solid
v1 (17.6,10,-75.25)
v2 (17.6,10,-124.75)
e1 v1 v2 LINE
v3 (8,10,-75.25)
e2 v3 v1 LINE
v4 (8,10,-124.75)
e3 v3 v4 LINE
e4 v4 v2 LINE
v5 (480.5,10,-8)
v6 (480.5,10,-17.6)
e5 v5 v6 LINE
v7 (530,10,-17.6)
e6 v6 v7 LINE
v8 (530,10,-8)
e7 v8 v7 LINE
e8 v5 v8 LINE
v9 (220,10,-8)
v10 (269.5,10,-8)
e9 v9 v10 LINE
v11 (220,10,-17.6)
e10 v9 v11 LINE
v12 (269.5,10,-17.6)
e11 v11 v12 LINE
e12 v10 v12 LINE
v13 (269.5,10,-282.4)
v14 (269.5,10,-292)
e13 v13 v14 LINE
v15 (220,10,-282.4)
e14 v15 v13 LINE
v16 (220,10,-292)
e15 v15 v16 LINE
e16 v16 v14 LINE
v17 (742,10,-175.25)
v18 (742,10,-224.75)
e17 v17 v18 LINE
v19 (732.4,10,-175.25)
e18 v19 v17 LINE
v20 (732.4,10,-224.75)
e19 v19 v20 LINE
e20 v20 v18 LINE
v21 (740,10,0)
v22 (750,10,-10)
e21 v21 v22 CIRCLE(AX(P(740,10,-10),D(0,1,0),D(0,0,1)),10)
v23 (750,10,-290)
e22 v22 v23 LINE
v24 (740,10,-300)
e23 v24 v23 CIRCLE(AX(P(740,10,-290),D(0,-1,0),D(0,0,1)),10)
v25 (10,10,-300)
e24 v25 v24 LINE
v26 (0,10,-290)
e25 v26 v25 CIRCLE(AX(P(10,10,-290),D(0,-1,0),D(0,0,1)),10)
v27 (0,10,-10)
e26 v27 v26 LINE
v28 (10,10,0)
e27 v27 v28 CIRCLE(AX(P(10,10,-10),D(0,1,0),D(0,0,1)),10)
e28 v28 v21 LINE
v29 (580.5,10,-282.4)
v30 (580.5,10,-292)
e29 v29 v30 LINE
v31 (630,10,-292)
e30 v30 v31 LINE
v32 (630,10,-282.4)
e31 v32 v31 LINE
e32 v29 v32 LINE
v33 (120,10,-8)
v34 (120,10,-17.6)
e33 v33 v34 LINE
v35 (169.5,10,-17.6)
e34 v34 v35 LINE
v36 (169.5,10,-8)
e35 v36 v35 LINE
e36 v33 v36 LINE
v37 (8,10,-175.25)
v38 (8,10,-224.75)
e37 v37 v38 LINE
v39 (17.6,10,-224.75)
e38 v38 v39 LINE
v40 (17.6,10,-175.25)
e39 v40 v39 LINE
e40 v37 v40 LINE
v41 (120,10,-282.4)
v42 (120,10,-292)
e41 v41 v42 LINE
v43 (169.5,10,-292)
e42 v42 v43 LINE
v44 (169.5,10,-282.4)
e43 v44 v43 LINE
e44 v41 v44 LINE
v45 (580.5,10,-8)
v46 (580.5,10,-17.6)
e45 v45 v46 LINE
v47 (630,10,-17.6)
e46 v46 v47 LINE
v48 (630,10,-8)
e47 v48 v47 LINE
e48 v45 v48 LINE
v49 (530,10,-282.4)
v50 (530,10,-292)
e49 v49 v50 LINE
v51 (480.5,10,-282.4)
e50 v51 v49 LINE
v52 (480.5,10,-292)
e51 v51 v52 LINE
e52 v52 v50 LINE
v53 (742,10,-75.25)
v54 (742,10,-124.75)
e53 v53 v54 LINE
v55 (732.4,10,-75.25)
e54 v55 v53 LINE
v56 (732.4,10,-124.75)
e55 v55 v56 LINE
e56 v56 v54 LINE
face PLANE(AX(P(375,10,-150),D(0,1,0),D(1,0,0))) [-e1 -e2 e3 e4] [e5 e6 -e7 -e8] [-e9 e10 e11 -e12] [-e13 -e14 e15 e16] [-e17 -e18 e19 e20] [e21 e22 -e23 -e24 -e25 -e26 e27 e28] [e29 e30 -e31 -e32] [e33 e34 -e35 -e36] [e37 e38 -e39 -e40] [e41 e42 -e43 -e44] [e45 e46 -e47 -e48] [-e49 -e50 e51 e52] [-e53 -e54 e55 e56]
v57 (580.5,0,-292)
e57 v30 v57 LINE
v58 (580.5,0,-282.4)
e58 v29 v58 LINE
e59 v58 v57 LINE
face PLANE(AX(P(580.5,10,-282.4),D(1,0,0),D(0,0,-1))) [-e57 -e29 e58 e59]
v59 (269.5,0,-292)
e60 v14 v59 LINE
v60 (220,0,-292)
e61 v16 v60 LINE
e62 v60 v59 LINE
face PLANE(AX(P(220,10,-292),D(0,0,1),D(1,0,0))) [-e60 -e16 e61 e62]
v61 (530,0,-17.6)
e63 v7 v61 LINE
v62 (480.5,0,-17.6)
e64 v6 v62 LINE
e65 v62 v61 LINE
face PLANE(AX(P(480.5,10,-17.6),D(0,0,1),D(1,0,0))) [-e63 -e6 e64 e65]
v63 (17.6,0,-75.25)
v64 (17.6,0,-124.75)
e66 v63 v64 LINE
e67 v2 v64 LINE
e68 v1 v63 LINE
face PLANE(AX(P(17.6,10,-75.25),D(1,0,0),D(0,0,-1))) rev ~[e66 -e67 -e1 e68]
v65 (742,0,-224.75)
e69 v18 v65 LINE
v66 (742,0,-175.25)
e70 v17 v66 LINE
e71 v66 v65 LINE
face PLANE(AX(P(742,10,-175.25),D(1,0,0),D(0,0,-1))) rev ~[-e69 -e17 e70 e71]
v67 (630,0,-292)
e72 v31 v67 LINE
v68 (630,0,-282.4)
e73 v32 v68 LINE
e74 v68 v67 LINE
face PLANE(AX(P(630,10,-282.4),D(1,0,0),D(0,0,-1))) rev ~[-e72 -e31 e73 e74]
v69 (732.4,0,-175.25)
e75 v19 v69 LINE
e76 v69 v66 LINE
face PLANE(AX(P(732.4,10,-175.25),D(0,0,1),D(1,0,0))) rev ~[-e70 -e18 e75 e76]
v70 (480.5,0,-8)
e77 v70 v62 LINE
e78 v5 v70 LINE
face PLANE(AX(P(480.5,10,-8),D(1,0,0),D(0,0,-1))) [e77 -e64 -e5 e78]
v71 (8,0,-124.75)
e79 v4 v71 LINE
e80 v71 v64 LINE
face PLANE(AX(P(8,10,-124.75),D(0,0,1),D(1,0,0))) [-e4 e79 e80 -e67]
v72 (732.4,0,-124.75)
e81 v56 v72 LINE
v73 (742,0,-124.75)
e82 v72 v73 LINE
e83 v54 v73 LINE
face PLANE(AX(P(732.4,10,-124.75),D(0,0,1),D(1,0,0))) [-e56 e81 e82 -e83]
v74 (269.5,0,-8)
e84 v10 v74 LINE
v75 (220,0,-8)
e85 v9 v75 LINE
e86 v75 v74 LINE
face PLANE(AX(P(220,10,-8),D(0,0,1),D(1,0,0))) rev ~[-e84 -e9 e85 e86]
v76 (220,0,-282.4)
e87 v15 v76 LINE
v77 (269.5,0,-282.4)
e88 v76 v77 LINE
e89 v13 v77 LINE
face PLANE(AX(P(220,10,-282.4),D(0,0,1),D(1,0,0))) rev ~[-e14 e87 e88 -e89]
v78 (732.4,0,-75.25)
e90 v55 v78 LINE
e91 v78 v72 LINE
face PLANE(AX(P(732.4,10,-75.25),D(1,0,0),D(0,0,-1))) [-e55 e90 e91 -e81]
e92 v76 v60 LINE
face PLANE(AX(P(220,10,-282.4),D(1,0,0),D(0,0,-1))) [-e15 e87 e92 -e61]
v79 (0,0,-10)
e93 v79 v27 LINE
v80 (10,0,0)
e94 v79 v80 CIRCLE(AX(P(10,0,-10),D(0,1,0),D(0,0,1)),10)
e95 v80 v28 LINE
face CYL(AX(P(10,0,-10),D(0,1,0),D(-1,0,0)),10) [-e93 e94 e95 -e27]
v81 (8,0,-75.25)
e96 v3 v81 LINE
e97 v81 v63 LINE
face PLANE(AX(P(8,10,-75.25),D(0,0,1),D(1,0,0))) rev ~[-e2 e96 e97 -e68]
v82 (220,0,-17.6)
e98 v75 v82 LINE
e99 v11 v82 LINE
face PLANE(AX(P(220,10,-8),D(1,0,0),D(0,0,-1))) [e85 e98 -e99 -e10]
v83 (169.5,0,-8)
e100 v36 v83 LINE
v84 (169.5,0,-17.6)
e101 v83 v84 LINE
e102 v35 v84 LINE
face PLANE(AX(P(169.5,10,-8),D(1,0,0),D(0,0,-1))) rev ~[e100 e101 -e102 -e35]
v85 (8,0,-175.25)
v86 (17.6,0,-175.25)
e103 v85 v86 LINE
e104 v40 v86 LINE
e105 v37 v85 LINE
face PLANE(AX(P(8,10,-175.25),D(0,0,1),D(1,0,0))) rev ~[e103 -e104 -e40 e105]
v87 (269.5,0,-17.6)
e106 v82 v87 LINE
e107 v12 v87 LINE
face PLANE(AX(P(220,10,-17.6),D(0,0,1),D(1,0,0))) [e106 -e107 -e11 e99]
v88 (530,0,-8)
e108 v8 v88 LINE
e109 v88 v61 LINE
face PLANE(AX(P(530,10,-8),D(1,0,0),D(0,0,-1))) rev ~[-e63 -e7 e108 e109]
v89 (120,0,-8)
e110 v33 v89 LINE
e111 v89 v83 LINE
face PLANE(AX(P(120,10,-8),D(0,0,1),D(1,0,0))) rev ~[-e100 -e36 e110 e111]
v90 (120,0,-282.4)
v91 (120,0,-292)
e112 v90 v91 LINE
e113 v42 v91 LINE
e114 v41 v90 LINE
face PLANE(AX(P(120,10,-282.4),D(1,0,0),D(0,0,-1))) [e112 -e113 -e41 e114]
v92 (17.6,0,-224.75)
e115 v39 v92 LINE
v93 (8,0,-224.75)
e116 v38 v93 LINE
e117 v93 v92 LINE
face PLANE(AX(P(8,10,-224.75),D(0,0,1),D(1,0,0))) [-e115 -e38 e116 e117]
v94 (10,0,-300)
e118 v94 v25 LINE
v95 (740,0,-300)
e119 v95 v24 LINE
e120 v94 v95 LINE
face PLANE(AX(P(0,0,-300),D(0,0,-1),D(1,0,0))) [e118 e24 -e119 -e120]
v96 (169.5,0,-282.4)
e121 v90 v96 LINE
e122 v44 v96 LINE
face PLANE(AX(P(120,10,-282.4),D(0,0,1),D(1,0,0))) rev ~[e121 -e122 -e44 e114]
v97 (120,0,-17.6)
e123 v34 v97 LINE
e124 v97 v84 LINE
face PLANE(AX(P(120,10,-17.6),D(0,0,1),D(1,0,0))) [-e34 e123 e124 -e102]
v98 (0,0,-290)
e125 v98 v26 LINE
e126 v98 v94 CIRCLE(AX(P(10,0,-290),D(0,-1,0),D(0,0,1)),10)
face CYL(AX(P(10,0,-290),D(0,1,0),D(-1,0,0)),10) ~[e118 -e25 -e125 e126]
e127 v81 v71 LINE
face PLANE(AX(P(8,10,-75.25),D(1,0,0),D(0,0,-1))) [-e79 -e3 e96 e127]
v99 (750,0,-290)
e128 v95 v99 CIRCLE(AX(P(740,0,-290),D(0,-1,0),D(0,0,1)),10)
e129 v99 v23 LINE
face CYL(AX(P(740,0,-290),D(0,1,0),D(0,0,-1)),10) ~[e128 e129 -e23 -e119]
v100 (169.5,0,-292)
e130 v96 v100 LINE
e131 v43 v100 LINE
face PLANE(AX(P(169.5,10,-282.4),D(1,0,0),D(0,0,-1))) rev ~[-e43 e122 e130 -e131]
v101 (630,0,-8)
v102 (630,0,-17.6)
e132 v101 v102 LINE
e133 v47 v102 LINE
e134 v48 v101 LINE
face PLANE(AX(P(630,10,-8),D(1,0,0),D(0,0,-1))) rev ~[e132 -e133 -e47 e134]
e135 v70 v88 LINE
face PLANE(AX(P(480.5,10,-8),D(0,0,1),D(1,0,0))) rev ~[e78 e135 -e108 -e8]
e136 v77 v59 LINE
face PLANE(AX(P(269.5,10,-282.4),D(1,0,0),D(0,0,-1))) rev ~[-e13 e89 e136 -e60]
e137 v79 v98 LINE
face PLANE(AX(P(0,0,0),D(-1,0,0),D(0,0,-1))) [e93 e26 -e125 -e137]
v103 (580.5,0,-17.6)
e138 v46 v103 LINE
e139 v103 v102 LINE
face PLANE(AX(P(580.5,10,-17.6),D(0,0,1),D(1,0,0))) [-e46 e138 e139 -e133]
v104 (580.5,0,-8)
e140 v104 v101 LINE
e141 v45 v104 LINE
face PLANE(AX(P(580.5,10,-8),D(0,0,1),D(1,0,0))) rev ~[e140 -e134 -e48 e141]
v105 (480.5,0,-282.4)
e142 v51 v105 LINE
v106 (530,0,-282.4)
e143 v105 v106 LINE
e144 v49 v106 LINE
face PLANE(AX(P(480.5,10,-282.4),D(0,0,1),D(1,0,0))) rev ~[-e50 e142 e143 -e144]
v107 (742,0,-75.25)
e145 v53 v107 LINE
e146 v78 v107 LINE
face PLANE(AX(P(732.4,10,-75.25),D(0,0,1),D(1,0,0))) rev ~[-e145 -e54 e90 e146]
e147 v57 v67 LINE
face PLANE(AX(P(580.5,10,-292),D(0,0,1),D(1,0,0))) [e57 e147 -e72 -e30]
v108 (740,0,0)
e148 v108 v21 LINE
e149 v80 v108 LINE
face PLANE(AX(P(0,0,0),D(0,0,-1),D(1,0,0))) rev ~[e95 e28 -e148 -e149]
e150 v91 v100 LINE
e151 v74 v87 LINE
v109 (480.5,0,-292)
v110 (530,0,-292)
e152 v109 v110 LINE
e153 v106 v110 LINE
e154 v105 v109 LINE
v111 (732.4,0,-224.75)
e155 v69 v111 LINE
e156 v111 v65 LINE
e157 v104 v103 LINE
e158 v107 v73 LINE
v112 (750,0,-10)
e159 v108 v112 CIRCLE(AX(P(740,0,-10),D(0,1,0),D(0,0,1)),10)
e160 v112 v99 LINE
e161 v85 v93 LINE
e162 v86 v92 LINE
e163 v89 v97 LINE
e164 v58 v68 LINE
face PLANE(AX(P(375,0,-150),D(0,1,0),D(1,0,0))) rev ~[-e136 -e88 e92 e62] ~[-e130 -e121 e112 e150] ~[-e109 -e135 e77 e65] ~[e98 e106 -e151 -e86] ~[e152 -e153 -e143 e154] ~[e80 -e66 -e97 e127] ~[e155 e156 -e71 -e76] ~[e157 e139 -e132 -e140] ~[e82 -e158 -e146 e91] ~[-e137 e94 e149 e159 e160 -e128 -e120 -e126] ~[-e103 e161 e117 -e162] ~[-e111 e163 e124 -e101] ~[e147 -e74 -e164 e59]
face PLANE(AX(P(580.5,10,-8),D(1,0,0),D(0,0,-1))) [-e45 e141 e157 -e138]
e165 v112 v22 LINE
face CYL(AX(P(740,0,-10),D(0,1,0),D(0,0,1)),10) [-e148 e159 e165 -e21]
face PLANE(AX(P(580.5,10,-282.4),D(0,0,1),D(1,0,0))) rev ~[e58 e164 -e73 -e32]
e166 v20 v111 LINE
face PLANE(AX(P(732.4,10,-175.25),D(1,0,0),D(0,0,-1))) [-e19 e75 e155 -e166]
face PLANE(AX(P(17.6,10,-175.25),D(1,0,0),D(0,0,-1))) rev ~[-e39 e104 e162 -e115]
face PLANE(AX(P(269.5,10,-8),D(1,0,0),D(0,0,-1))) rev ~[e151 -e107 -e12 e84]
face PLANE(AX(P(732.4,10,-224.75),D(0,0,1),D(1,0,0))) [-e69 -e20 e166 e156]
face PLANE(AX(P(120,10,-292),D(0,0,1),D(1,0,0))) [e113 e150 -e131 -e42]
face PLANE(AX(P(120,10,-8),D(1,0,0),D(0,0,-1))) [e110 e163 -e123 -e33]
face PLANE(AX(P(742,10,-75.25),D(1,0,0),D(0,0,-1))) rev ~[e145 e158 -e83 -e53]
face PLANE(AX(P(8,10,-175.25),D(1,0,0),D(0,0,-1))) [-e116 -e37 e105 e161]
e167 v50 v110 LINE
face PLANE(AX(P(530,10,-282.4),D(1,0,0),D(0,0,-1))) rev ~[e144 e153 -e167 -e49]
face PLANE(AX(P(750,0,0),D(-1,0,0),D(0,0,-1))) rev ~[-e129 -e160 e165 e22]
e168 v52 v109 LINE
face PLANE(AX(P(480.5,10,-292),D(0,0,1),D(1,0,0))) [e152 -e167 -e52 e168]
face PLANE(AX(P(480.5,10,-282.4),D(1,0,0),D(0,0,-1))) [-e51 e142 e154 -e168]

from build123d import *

# Parameters (mm, degrees)
SKETCH1_W           = 750
SKETCH1_H           = 300
BOSS_EXTRUDE1_DEPTH = 10
SKETCH4_W           = 9.6
SKETCH4_H           = 49.5
SKETCH4_W_2         = 49.5
SKETCH4_H_2         = 9.6
CUT_EXTRUDE3_DEPTH  = 11
FILLET1_R           = 10


with BuildPart() as part:
    # Sketch1 → Boss-Extrude1 (new body)
    with BuildSketch(Plane(origin=(0, 0, 0), x_dir=(1, 0, 0), z_dir=(0, 1, 0))):
        with Locations((375, 150)):
            Rectangle(SKETCH1_W, SKETCH1_H)
    extrude(amount=BOSS_EXTRUDE1_DEPTH)

    # Sketch4 → Cut-Extrude3 (cut, through all)
    with BuildSketch(Plane(origin=(0, 10, 0), x_dir=(1, 0, 0), z_dir=(0, 1, 0))):
        with Locations((12.8, 100)):
            Rectangle(SKETCH4_W, SKETCH4_H)
        with Locations((12.8, 200)):
            Rectangle(SKETCH4_W, SKETCH4_H)
        with Locations((737.2, 200)):
            Rectangle(SKETCH4_W, SKETCH4_H)
        with Locations((737.2, 100)):
            Rectangle(SKETCH4_W, SKETCH4_H)
        with Locations((144.75, 287.2)):
            Rectangle(SKETCH4_W_2, SKETCH4_H_2)
        with Locations((244.75, 287.2)):
            Rectangle(SKETCH4_W_2, SKETCH4_H_2)
        with Locations((505.25, 287.2)):
            Rectangle(SKETCH4_W_2, SKETCH4_H_2)
        with Locations((605.25, 287.2)):
            Rectangle(SKETCH4_W_2, SKETCH4_H_2)
        with Locations((605.25, 12.8)):
            Rectangle(SKETCH4_W_2, SKETCH4_H_2)
        with Locations((505.25, 12.8)):
            Rectangle(SKETCH4_W_2, SKETCH4_H_2)
        with Locations((244.75, 12.8)):
            Rectangle(SKETCH4_W_2, SKETCH4_H_2)
        with Locations((144.75, 12.8)):
            Rectangle(SKETCH4_W_2, SKETCH4_H_2)
    extrude(amount=-CUT_EXTRUDE3_DEPTH, mode=Mode.SUBTRACT)

    # Fillet1
    fillet1_edges = [part.edges().sort_by_distance(p)[0] for p in [
        (0, 5, 0),
        (750, 5, 0),
        (750, 5, -300),
        (0, 5, -300),
    ]]
    fillet(fillet1_edges, radius=FILLET1_R)


solid = part.part
